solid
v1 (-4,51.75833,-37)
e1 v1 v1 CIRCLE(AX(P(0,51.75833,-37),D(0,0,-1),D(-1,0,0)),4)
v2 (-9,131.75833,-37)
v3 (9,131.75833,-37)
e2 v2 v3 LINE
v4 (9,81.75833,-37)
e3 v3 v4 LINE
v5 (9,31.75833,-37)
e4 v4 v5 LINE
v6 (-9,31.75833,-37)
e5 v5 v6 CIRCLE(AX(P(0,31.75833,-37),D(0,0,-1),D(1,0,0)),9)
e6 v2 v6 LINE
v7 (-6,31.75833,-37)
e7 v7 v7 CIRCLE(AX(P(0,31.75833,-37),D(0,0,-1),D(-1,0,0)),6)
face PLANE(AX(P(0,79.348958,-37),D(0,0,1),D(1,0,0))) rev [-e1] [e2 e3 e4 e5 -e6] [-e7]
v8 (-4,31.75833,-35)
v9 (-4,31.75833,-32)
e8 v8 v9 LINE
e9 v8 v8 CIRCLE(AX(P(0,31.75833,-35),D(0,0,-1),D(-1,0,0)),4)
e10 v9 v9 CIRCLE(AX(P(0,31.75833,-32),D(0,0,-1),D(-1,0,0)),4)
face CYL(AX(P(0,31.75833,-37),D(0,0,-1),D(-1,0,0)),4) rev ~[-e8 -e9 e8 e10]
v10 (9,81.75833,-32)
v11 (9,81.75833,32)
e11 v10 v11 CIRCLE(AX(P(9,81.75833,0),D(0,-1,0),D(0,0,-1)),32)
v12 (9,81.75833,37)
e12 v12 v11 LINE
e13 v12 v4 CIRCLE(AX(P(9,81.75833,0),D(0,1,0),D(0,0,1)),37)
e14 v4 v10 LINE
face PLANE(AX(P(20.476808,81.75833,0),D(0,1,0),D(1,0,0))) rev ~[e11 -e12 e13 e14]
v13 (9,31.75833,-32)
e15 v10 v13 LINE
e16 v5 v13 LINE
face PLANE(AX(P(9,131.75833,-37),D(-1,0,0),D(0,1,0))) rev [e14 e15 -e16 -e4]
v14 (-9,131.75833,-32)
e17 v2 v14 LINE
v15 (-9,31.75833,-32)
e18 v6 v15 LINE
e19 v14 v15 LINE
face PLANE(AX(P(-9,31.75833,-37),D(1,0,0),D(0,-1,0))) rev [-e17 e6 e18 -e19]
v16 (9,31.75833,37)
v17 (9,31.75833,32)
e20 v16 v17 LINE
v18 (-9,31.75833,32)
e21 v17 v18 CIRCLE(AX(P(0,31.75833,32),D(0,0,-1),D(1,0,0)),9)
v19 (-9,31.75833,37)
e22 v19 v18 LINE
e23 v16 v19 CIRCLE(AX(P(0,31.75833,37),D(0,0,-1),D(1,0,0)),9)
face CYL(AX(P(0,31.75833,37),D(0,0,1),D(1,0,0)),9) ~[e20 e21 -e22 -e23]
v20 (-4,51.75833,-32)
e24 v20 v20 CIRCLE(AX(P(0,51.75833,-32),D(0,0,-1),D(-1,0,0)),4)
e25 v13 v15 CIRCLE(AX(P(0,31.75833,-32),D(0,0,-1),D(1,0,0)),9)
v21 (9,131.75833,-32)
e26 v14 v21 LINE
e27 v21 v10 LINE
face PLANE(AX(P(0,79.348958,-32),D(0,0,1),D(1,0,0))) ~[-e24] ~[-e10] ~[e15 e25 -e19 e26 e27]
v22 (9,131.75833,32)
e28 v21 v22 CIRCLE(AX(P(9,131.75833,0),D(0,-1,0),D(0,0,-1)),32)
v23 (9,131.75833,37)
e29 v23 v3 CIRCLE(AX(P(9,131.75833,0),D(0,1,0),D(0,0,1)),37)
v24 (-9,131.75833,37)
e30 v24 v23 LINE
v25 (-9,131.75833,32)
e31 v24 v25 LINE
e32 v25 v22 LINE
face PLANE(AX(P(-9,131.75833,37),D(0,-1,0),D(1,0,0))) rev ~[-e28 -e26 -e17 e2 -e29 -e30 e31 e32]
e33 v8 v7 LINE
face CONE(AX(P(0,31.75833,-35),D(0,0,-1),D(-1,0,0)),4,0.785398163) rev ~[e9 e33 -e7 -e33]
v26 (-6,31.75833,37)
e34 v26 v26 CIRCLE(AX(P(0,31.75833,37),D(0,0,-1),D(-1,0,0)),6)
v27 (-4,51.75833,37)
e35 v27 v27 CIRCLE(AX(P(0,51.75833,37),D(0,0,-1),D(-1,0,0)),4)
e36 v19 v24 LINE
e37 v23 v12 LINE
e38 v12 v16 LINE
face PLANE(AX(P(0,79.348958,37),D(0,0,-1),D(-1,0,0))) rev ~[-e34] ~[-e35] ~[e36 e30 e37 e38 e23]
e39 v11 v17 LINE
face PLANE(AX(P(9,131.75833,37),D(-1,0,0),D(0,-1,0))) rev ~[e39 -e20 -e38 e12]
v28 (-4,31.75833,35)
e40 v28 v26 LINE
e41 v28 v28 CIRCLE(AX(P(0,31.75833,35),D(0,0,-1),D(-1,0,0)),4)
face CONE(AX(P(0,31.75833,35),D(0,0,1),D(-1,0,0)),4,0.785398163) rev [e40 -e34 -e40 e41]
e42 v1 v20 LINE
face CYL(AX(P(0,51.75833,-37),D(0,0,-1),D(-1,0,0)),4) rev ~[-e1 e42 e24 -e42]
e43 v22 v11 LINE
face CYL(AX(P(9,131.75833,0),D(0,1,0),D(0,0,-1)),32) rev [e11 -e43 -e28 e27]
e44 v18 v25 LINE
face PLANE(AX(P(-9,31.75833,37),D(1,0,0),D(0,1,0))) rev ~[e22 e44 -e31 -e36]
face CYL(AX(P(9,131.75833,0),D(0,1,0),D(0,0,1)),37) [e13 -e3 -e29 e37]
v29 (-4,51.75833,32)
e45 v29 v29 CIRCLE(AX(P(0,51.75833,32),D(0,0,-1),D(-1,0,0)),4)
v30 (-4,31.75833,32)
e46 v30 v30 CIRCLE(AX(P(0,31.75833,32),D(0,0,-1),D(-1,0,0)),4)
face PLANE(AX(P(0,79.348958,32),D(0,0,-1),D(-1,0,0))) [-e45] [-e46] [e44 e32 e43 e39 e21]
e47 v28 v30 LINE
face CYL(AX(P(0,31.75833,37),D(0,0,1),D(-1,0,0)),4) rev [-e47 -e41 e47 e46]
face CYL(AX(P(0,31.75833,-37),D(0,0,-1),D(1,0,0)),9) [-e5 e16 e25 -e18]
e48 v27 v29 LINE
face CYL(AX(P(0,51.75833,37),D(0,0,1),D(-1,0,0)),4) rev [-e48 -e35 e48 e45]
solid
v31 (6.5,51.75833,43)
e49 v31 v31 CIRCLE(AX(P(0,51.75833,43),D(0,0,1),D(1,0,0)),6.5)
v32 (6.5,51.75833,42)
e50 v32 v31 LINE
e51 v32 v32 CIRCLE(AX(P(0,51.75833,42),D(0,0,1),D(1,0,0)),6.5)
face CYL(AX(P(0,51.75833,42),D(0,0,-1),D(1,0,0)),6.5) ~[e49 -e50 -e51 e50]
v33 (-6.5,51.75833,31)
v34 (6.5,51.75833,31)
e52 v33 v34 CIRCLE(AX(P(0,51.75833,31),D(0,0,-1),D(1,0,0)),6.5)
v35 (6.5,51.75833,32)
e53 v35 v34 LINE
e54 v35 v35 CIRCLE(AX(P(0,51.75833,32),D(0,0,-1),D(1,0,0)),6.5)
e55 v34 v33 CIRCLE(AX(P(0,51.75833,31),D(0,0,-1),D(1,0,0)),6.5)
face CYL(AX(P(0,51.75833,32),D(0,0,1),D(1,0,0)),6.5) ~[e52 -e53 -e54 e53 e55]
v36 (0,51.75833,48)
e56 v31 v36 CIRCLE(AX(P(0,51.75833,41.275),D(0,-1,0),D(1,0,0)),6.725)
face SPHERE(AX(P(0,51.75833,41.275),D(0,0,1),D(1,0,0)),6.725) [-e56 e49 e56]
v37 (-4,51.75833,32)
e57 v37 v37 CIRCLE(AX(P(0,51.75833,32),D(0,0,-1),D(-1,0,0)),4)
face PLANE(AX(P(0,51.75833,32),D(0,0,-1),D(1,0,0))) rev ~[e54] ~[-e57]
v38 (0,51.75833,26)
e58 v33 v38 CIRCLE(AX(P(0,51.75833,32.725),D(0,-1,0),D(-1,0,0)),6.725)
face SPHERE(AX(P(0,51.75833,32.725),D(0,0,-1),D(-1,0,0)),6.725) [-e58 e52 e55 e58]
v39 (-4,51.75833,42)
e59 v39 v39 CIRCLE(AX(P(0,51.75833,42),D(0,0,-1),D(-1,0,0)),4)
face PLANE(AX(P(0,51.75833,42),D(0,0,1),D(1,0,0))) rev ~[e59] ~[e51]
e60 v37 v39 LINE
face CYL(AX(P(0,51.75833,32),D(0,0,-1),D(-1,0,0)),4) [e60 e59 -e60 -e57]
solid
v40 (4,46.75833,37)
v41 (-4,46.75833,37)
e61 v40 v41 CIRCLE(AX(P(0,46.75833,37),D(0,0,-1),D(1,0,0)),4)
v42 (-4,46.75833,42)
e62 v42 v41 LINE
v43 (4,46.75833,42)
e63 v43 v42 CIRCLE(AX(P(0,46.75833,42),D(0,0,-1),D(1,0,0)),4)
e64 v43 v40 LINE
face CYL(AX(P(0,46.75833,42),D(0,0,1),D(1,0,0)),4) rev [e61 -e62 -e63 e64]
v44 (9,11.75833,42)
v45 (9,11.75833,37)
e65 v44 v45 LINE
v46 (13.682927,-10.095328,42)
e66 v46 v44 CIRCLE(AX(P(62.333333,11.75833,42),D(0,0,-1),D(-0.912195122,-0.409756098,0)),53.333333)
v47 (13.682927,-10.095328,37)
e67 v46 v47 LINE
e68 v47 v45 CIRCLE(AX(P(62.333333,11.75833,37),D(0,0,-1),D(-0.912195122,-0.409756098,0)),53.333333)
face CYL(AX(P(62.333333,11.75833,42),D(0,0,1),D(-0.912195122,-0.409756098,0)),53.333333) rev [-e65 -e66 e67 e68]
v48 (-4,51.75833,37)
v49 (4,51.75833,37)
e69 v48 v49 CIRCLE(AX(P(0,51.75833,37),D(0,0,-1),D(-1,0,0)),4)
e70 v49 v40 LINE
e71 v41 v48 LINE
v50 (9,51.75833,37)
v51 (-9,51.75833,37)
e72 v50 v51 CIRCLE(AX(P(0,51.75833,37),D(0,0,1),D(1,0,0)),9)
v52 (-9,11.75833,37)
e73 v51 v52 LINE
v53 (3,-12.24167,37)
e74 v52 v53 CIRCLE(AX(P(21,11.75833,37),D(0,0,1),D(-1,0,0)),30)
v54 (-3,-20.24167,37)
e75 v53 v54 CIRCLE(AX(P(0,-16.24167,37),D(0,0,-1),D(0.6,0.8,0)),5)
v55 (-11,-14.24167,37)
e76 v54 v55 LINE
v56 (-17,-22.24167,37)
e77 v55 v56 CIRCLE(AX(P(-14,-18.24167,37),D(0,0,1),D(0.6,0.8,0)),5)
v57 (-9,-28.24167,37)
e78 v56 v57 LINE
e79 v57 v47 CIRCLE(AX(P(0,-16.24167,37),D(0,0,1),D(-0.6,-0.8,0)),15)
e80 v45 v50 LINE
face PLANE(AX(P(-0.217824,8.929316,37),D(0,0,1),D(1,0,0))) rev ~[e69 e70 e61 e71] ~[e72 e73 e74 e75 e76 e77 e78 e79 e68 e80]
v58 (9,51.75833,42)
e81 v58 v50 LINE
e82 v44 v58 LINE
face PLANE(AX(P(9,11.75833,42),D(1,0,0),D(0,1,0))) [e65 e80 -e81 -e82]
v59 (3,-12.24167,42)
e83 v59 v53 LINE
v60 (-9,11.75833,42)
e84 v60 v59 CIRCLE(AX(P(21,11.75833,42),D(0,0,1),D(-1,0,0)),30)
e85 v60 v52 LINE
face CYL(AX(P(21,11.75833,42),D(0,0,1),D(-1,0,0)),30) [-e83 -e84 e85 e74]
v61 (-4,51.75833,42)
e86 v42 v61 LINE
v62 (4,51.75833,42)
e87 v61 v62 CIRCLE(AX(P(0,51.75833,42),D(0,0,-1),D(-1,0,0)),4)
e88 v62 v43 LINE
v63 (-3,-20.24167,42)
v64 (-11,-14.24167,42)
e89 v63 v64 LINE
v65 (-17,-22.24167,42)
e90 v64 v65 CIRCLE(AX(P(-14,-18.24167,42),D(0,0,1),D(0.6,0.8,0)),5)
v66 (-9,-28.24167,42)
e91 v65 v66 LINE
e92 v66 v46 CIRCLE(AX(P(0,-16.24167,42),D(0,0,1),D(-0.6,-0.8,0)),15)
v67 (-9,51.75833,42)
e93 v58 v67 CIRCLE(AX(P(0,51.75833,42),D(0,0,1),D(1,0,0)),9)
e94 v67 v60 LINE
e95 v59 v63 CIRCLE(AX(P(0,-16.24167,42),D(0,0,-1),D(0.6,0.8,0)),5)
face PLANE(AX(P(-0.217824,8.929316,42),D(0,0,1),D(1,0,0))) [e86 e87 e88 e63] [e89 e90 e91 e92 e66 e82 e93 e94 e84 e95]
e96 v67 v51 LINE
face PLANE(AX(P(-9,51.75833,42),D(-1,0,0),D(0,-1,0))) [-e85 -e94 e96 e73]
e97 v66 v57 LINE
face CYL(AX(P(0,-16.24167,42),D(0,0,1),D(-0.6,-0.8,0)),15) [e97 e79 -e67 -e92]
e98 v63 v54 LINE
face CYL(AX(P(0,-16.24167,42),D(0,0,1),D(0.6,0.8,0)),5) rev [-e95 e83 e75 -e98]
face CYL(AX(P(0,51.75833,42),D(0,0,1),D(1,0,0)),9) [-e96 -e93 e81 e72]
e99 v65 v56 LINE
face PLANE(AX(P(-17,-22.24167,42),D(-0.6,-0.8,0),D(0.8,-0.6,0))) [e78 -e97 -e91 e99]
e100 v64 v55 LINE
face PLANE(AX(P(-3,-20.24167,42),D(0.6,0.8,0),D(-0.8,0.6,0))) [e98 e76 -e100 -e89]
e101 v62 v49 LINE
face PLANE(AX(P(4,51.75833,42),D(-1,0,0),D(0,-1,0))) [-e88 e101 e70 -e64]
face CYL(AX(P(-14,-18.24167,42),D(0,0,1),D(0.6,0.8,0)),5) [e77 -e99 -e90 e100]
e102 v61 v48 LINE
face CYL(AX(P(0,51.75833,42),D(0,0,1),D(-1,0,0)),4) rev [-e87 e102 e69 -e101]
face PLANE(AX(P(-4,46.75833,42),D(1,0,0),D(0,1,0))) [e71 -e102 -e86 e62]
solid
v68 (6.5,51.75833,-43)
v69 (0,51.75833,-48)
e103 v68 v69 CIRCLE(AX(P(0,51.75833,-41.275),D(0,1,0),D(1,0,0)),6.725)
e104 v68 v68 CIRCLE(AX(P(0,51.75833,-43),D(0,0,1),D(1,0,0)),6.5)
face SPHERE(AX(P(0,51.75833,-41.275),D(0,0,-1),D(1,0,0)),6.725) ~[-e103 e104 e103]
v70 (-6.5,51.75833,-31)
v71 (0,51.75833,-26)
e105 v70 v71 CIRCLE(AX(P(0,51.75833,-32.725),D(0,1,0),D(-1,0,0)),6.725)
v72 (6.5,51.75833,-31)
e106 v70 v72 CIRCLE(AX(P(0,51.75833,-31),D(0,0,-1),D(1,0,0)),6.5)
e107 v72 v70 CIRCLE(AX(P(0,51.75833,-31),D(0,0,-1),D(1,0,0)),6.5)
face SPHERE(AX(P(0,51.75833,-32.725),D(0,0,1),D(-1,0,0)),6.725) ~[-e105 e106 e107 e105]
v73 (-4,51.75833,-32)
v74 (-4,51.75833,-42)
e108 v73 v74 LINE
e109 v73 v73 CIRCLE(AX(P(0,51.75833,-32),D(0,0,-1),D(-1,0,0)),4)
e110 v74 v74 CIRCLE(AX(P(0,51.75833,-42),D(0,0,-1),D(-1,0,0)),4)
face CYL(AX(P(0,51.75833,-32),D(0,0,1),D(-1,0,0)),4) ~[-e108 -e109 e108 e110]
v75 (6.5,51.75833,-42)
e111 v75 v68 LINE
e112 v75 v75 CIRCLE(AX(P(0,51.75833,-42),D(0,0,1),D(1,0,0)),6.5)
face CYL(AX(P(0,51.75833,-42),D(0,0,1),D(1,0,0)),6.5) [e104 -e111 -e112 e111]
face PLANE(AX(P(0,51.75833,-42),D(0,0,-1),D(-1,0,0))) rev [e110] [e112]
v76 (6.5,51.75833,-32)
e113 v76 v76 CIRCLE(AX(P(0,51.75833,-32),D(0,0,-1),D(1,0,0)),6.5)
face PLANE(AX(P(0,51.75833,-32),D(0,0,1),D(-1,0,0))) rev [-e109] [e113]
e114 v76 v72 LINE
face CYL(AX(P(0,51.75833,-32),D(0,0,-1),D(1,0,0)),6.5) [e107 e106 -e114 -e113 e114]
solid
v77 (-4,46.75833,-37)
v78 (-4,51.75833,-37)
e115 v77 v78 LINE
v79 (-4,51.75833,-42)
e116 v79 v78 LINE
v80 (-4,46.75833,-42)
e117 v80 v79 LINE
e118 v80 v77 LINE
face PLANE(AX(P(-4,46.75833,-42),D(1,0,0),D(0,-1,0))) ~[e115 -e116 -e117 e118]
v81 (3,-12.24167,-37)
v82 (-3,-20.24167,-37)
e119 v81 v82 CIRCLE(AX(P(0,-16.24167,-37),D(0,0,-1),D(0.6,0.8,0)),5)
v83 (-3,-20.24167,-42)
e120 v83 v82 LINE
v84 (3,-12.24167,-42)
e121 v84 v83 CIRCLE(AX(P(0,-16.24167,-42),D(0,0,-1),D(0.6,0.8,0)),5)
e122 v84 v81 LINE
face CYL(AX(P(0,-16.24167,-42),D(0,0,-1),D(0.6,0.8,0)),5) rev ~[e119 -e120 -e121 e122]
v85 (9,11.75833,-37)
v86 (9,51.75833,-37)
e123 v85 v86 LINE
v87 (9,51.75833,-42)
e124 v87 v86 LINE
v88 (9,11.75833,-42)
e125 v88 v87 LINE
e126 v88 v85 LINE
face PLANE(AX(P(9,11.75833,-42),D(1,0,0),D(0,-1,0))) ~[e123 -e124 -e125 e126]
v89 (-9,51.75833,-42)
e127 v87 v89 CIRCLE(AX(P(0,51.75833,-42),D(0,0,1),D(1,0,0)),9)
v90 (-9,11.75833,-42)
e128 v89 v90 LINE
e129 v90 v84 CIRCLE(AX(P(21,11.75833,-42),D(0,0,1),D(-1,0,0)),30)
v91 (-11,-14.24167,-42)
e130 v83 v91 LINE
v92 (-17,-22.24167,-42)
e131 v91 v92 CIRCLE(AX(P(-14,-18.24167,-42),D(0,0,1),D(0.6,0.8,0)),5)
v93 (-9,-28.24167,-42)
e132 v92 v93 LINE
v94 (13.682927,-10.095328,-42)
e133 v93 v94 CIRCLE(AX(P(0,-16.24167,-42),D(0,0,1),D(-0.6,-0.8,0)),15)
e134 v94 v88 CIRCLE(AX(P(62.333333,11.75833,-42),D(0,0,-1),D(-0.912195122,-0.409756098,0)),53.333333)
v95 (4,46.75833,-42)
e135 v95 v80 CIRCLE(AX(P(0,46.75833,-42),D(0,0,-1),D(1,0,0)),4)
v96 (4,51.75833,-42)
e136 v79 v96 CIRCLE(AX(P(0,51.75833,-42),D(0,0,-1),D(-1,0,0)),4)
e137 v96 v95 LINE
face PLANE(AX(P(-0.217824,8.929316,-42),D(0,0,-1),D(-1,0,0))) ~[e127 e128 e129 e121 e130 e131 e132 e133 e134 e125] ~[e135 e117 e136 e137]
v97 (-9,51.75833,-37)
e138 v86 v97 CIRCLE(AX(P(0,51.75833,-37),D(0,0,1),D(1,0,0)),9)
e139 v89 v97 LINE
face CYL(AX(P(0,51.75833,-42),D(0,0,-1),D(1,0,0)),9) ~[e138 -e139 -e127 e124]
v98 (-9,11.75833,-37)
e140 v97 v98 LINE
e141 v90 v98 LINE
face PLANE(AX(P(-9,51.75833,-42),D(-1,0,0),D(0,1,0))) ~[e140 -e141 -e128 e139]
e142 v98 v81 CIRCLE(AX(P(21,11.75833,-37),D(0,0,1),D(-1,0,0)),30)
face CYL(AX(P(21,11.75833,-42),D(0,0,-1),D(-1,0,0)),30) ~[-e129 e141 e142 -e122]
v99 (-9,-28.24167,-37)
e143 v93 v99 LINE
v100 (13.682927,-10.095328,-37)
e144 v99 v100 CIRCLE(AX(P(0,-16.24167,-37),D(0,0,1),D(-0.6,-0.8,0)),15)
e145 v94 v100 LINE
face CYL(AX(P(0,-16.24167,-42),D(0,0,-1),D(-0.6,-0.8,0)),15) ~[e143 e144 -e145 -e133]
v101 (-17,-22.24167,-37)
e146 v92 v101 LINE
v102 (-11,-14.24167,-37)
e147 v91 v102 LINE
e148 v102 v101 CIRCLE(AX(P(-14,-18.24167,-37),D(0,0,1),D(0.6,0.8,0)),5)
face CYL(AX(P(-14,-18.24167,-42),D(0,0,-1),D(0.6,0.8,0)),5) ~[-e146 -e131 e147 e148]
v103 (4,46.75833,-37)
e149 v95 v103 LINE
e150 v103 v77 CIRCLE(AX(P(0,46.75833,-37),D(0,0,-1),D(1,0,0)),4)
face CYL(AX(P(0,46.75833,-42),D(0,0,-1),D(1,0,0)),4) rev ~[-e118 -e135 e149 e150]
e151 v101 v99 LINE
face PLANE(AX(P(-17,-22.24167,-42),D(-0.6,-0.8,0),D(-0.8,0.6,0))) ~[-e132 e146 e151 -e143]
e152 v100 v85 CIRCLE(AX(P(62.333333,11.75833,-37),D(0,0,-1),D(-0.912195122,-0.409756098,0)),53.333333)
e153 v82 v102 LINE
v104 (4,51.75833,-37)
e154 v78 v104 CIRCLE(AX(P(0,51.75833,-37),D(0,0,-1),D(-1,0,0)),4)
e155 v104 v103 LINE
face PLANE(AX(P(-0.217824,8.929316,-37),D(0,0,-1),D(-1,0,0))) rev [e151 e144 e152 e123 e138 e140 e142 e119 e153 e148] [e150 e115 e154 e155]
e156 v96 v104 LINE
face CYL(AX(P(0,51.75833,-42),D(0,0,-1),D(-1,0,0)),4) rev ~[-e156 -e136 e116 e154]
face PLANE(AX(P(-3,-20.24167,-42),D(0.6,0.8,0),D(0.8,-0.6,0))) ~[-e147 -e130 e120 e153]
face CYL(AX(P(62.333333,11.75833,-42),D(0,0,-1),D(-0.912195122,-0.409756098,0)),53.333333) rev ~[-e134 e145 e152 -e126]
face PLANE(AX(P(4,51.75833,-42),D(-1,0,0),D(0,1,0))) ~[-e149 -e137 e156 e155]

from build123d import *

# Parameters (mm, degrees)
BOSS_EXTRUDE1_DEPTH = 5
SKETCH3_R           = 4
BOSS_EXTRUDE2_DEPTH = 5
CHAMFER1_SIZE       = 2
SKETCH4_R           = 4
BOSS_EXTRUDE3_DEPTH = 10
SKETCH5_R           = 6.5
BOSS_EXTRUDE4_DEPTH = 1
DOME1_FACE_RADIUS   = 6.5
DOME1_HEIGHT        = 5
SKETCH6_R           = 6.5
BOSS_EXTRUDE5_DEPTH = 1
DOME2_FACE_RADIUS   = 6.5
DOME2_HEIGHT        = 5
BOSS_EXTRUDE6_DEPTH = 50


with BuildPart() as part:
    # Sketch2 → Boss-Extrude1 (new body)
    with BuildSketch(Plane(origin=(0, 5.818024311, 42), x_dir=(1, 0, 0), z_dir=(0, 0, 1))):
        with BuildLine():
            Line((-9, 45.940305938), (-9, 5.940305938))
            ThreePointArc((-9, 5.940305938), (-5.83281573, -7.476101927), (3, -18.059694062))
            ThreePointArc((3, -18.059694062), (4, -25.059694062), (-3, -26.059694062))
            Line((-3, -26.059694062), (-11, -20.059694062))
            ThreePointArc((-11, -20.059694062), (-18, -21.059694062), (-17, -28.059694062))
            Line((-17, -28.059694062), (-9, -34.059694062))
            ThreePointArc((-9, -34.059694062), (9.370425713, -33.772726203), (13.682926829, -15.913352598))
            ThreePointArc((13.682926829, -15.913352598), (10.183871249, -5.234578794), (9, 5.940305938))
            Line((9, 5.940305938), (9, 45.940305938))
            ThreePointArc((9, 45.940305938), (0, 54.940305938), (-9, 45.940305938))
        make_face()
        with BuildLine():
            Line((4, 45.940305938), (4, 40.940305938))
            ThreePointArc((4, 40.940305938), (0, 36.940305938), (-4, 40.940305938))
            Line((-4, 40.940305938), (-4, 45.940305938))
            ThreePointArc((-4, 45.940305938), (0, 49.940305938), (4, 45.940305938))
        make_face(mode=Mode.SUBTRACT)
    extrude(amount=-BOSS_EXTRUDE1_DEPTH)


with BuildPart() as body_2:
    # Sketch3 → Boss-Extrude2 (new body)
    with BuildSketch(Plane(origin=(0, 0, 37), x_dir=(-1, 0, 0), z_dir=(0, 0, -1))):
        with BuildLine():
            Line((9, 31.758330249), (9, 131.758330249))
            Line((9, 131.758330249), (-9, 131.758330249))
            Line((-9, 131.758330249), (-9, 31.758330249))
            ThreePointArc((-9, 31.758330249), (0, 22.758330249), (9, 31.758330249))
        make_face()
        with Locations((0, 51.758330249)):
            Circle(SKETCH3_R, mode=Mode.SUBTRACT)
        with Locations((0, 31.758330249)):
            Circle(SKETCH3_R, mode=Mode.SUBTRACT)
    extrude(amount=BOSS_EXTRUDE2_DEPTH)

    # Chamfer1
    chamfer1_edges = [body_2.edges().sort_by_distance(p)[0] for p in [
        (4, 31.758330249, 37),
    ]]
    chamfer(chamfer1_edges, length=CHAMFER1_SIZE)


with BuildPart() as body_3:
    # Sketch4 → Boss-Extrude3 (new body)
    with BuildSketch(Plane(origin=(0, 0, 32), x_dir=(-1, 0, 0), z_dir=(0, 0, -1))):
        with Locations((0, 51.758330249)):
            Circle(SKETCH4_R)
    extrude(amount=-BOSS_EXTRUDE3_DEPTH)

    # Sketch5 → Boss-Extrude4 (add)
    with BuildSketch(Plane.XY.offset(42)):
        with Locations((0, 51.758330249)):
            Circle(SKETCH5_R)
    extrude(amount=BOSS_EXTRUDE4_DEPTH)

    # Dome1: a dome of height H over a round flat face of radius A is a cap of a sphere of radius (A * A + H * H) / (2 * H)
    dome1_r = (DOME1_FACE_RADIUS * DOME1_FACE_RADIUS + DOME1_HEIGHT * DOME1_HEIGHT) / (2 * DOME1_HEIGHT)
    dome1_base = Plane((0, 51.758330249, 43), z_dir=(0, 0, 1))
    with Locations(dome1_base.offset(DOME1_HEIGHT - dome1_r)):
        dome1_ball = Sphere(dome1_r, mode=Mode.PRIVATE)
    add(split(dome1_ball, bisect_by=dome1_base, keep=Keep.TOP, mode=Mode.PRIVATE))

    # Sketch6 → Boss-Extrude5 (add)
    with BuildSketch(Plane(origin=(0, 0, 32), x_dir=(-1, 0, 0), z_dir=(0, 0, -1))):
        with Locations(Location((0, 51.758330249, 0), (0, 0, 180))):
            Circle(SKETCH6_R)
    extrude(amount=BOSS_EXTRUDE5_DEPTH)

    # Dome2: a dome of height H over a round flat face of radius A is a cap of a sphere of radius (A * A + H * H) / (2 * H)
    dome2_r = (DOME2_FACE_RADIUS * DOME2_FACE_RADIUS + DOME2_HEIGHT * DOME2_HEIGHT) / (2 * DOME2_HEIGHT)
    dome2_base = Plane((0, 51.758330249, 31), z_dir=(0, 0, -1))
    with Locations(dome2_base.offset(DOME2_HEIGHT - dome2_r)):
        dome2_ball = Sphere(dome2_r, mode=Mode.PRIVATE)
    add(split(dome2_ball, bisect_by=dome2_base, keep=Keep.TOP, mode=Mode.PRIVATE))


with BuildPart() as body_4:
    # Mirror2: mirrored copy
    add(part.part.mirror(Plane.XY))


with BuildPart() as body_5:
    # Mirror2 2: mirrored copy
    add(body_2.part.mirror(Plane.XY))


with BuildPart() as body_6:
    # Mirror2 3: mirrored copy
    add(body_3.part.mirror(Plane.XY))


with BuildPart() as body_2_1:
    add(body_2.part)

    add(body_5.part)  # Boss-Extrude6 merges body 5
    # Sketch7 → Boss-Extrude6 (add)
    with BuildSketch(Plane(origin=(0, 131.758330249, 0), x_dir=(1, 0, 0), z_dir=(0, 1, 0))):
        with BuildLine():
            Line((-9, -37), (9, -37))
            ThreePointArc((9, -37), (46, 0), (9, 37))
            Line((9, 37), (-9, 37))
            Line((-9, 37), (-9, 32))
            Line((-9, 32), (9, 32))
            ThreePointArc((9, 32), (41, 0), (9, -32))
            Line((9, -32), (-9, -32))
            Line((-9, -32), (-9, -37))
        make_face()
    extrude(amount=-BOSS_EXTRUDE6_DEPTH)


solid = Compound([part.part, body_3.part, body_4.part, body_6.part, body_2_1.part])
